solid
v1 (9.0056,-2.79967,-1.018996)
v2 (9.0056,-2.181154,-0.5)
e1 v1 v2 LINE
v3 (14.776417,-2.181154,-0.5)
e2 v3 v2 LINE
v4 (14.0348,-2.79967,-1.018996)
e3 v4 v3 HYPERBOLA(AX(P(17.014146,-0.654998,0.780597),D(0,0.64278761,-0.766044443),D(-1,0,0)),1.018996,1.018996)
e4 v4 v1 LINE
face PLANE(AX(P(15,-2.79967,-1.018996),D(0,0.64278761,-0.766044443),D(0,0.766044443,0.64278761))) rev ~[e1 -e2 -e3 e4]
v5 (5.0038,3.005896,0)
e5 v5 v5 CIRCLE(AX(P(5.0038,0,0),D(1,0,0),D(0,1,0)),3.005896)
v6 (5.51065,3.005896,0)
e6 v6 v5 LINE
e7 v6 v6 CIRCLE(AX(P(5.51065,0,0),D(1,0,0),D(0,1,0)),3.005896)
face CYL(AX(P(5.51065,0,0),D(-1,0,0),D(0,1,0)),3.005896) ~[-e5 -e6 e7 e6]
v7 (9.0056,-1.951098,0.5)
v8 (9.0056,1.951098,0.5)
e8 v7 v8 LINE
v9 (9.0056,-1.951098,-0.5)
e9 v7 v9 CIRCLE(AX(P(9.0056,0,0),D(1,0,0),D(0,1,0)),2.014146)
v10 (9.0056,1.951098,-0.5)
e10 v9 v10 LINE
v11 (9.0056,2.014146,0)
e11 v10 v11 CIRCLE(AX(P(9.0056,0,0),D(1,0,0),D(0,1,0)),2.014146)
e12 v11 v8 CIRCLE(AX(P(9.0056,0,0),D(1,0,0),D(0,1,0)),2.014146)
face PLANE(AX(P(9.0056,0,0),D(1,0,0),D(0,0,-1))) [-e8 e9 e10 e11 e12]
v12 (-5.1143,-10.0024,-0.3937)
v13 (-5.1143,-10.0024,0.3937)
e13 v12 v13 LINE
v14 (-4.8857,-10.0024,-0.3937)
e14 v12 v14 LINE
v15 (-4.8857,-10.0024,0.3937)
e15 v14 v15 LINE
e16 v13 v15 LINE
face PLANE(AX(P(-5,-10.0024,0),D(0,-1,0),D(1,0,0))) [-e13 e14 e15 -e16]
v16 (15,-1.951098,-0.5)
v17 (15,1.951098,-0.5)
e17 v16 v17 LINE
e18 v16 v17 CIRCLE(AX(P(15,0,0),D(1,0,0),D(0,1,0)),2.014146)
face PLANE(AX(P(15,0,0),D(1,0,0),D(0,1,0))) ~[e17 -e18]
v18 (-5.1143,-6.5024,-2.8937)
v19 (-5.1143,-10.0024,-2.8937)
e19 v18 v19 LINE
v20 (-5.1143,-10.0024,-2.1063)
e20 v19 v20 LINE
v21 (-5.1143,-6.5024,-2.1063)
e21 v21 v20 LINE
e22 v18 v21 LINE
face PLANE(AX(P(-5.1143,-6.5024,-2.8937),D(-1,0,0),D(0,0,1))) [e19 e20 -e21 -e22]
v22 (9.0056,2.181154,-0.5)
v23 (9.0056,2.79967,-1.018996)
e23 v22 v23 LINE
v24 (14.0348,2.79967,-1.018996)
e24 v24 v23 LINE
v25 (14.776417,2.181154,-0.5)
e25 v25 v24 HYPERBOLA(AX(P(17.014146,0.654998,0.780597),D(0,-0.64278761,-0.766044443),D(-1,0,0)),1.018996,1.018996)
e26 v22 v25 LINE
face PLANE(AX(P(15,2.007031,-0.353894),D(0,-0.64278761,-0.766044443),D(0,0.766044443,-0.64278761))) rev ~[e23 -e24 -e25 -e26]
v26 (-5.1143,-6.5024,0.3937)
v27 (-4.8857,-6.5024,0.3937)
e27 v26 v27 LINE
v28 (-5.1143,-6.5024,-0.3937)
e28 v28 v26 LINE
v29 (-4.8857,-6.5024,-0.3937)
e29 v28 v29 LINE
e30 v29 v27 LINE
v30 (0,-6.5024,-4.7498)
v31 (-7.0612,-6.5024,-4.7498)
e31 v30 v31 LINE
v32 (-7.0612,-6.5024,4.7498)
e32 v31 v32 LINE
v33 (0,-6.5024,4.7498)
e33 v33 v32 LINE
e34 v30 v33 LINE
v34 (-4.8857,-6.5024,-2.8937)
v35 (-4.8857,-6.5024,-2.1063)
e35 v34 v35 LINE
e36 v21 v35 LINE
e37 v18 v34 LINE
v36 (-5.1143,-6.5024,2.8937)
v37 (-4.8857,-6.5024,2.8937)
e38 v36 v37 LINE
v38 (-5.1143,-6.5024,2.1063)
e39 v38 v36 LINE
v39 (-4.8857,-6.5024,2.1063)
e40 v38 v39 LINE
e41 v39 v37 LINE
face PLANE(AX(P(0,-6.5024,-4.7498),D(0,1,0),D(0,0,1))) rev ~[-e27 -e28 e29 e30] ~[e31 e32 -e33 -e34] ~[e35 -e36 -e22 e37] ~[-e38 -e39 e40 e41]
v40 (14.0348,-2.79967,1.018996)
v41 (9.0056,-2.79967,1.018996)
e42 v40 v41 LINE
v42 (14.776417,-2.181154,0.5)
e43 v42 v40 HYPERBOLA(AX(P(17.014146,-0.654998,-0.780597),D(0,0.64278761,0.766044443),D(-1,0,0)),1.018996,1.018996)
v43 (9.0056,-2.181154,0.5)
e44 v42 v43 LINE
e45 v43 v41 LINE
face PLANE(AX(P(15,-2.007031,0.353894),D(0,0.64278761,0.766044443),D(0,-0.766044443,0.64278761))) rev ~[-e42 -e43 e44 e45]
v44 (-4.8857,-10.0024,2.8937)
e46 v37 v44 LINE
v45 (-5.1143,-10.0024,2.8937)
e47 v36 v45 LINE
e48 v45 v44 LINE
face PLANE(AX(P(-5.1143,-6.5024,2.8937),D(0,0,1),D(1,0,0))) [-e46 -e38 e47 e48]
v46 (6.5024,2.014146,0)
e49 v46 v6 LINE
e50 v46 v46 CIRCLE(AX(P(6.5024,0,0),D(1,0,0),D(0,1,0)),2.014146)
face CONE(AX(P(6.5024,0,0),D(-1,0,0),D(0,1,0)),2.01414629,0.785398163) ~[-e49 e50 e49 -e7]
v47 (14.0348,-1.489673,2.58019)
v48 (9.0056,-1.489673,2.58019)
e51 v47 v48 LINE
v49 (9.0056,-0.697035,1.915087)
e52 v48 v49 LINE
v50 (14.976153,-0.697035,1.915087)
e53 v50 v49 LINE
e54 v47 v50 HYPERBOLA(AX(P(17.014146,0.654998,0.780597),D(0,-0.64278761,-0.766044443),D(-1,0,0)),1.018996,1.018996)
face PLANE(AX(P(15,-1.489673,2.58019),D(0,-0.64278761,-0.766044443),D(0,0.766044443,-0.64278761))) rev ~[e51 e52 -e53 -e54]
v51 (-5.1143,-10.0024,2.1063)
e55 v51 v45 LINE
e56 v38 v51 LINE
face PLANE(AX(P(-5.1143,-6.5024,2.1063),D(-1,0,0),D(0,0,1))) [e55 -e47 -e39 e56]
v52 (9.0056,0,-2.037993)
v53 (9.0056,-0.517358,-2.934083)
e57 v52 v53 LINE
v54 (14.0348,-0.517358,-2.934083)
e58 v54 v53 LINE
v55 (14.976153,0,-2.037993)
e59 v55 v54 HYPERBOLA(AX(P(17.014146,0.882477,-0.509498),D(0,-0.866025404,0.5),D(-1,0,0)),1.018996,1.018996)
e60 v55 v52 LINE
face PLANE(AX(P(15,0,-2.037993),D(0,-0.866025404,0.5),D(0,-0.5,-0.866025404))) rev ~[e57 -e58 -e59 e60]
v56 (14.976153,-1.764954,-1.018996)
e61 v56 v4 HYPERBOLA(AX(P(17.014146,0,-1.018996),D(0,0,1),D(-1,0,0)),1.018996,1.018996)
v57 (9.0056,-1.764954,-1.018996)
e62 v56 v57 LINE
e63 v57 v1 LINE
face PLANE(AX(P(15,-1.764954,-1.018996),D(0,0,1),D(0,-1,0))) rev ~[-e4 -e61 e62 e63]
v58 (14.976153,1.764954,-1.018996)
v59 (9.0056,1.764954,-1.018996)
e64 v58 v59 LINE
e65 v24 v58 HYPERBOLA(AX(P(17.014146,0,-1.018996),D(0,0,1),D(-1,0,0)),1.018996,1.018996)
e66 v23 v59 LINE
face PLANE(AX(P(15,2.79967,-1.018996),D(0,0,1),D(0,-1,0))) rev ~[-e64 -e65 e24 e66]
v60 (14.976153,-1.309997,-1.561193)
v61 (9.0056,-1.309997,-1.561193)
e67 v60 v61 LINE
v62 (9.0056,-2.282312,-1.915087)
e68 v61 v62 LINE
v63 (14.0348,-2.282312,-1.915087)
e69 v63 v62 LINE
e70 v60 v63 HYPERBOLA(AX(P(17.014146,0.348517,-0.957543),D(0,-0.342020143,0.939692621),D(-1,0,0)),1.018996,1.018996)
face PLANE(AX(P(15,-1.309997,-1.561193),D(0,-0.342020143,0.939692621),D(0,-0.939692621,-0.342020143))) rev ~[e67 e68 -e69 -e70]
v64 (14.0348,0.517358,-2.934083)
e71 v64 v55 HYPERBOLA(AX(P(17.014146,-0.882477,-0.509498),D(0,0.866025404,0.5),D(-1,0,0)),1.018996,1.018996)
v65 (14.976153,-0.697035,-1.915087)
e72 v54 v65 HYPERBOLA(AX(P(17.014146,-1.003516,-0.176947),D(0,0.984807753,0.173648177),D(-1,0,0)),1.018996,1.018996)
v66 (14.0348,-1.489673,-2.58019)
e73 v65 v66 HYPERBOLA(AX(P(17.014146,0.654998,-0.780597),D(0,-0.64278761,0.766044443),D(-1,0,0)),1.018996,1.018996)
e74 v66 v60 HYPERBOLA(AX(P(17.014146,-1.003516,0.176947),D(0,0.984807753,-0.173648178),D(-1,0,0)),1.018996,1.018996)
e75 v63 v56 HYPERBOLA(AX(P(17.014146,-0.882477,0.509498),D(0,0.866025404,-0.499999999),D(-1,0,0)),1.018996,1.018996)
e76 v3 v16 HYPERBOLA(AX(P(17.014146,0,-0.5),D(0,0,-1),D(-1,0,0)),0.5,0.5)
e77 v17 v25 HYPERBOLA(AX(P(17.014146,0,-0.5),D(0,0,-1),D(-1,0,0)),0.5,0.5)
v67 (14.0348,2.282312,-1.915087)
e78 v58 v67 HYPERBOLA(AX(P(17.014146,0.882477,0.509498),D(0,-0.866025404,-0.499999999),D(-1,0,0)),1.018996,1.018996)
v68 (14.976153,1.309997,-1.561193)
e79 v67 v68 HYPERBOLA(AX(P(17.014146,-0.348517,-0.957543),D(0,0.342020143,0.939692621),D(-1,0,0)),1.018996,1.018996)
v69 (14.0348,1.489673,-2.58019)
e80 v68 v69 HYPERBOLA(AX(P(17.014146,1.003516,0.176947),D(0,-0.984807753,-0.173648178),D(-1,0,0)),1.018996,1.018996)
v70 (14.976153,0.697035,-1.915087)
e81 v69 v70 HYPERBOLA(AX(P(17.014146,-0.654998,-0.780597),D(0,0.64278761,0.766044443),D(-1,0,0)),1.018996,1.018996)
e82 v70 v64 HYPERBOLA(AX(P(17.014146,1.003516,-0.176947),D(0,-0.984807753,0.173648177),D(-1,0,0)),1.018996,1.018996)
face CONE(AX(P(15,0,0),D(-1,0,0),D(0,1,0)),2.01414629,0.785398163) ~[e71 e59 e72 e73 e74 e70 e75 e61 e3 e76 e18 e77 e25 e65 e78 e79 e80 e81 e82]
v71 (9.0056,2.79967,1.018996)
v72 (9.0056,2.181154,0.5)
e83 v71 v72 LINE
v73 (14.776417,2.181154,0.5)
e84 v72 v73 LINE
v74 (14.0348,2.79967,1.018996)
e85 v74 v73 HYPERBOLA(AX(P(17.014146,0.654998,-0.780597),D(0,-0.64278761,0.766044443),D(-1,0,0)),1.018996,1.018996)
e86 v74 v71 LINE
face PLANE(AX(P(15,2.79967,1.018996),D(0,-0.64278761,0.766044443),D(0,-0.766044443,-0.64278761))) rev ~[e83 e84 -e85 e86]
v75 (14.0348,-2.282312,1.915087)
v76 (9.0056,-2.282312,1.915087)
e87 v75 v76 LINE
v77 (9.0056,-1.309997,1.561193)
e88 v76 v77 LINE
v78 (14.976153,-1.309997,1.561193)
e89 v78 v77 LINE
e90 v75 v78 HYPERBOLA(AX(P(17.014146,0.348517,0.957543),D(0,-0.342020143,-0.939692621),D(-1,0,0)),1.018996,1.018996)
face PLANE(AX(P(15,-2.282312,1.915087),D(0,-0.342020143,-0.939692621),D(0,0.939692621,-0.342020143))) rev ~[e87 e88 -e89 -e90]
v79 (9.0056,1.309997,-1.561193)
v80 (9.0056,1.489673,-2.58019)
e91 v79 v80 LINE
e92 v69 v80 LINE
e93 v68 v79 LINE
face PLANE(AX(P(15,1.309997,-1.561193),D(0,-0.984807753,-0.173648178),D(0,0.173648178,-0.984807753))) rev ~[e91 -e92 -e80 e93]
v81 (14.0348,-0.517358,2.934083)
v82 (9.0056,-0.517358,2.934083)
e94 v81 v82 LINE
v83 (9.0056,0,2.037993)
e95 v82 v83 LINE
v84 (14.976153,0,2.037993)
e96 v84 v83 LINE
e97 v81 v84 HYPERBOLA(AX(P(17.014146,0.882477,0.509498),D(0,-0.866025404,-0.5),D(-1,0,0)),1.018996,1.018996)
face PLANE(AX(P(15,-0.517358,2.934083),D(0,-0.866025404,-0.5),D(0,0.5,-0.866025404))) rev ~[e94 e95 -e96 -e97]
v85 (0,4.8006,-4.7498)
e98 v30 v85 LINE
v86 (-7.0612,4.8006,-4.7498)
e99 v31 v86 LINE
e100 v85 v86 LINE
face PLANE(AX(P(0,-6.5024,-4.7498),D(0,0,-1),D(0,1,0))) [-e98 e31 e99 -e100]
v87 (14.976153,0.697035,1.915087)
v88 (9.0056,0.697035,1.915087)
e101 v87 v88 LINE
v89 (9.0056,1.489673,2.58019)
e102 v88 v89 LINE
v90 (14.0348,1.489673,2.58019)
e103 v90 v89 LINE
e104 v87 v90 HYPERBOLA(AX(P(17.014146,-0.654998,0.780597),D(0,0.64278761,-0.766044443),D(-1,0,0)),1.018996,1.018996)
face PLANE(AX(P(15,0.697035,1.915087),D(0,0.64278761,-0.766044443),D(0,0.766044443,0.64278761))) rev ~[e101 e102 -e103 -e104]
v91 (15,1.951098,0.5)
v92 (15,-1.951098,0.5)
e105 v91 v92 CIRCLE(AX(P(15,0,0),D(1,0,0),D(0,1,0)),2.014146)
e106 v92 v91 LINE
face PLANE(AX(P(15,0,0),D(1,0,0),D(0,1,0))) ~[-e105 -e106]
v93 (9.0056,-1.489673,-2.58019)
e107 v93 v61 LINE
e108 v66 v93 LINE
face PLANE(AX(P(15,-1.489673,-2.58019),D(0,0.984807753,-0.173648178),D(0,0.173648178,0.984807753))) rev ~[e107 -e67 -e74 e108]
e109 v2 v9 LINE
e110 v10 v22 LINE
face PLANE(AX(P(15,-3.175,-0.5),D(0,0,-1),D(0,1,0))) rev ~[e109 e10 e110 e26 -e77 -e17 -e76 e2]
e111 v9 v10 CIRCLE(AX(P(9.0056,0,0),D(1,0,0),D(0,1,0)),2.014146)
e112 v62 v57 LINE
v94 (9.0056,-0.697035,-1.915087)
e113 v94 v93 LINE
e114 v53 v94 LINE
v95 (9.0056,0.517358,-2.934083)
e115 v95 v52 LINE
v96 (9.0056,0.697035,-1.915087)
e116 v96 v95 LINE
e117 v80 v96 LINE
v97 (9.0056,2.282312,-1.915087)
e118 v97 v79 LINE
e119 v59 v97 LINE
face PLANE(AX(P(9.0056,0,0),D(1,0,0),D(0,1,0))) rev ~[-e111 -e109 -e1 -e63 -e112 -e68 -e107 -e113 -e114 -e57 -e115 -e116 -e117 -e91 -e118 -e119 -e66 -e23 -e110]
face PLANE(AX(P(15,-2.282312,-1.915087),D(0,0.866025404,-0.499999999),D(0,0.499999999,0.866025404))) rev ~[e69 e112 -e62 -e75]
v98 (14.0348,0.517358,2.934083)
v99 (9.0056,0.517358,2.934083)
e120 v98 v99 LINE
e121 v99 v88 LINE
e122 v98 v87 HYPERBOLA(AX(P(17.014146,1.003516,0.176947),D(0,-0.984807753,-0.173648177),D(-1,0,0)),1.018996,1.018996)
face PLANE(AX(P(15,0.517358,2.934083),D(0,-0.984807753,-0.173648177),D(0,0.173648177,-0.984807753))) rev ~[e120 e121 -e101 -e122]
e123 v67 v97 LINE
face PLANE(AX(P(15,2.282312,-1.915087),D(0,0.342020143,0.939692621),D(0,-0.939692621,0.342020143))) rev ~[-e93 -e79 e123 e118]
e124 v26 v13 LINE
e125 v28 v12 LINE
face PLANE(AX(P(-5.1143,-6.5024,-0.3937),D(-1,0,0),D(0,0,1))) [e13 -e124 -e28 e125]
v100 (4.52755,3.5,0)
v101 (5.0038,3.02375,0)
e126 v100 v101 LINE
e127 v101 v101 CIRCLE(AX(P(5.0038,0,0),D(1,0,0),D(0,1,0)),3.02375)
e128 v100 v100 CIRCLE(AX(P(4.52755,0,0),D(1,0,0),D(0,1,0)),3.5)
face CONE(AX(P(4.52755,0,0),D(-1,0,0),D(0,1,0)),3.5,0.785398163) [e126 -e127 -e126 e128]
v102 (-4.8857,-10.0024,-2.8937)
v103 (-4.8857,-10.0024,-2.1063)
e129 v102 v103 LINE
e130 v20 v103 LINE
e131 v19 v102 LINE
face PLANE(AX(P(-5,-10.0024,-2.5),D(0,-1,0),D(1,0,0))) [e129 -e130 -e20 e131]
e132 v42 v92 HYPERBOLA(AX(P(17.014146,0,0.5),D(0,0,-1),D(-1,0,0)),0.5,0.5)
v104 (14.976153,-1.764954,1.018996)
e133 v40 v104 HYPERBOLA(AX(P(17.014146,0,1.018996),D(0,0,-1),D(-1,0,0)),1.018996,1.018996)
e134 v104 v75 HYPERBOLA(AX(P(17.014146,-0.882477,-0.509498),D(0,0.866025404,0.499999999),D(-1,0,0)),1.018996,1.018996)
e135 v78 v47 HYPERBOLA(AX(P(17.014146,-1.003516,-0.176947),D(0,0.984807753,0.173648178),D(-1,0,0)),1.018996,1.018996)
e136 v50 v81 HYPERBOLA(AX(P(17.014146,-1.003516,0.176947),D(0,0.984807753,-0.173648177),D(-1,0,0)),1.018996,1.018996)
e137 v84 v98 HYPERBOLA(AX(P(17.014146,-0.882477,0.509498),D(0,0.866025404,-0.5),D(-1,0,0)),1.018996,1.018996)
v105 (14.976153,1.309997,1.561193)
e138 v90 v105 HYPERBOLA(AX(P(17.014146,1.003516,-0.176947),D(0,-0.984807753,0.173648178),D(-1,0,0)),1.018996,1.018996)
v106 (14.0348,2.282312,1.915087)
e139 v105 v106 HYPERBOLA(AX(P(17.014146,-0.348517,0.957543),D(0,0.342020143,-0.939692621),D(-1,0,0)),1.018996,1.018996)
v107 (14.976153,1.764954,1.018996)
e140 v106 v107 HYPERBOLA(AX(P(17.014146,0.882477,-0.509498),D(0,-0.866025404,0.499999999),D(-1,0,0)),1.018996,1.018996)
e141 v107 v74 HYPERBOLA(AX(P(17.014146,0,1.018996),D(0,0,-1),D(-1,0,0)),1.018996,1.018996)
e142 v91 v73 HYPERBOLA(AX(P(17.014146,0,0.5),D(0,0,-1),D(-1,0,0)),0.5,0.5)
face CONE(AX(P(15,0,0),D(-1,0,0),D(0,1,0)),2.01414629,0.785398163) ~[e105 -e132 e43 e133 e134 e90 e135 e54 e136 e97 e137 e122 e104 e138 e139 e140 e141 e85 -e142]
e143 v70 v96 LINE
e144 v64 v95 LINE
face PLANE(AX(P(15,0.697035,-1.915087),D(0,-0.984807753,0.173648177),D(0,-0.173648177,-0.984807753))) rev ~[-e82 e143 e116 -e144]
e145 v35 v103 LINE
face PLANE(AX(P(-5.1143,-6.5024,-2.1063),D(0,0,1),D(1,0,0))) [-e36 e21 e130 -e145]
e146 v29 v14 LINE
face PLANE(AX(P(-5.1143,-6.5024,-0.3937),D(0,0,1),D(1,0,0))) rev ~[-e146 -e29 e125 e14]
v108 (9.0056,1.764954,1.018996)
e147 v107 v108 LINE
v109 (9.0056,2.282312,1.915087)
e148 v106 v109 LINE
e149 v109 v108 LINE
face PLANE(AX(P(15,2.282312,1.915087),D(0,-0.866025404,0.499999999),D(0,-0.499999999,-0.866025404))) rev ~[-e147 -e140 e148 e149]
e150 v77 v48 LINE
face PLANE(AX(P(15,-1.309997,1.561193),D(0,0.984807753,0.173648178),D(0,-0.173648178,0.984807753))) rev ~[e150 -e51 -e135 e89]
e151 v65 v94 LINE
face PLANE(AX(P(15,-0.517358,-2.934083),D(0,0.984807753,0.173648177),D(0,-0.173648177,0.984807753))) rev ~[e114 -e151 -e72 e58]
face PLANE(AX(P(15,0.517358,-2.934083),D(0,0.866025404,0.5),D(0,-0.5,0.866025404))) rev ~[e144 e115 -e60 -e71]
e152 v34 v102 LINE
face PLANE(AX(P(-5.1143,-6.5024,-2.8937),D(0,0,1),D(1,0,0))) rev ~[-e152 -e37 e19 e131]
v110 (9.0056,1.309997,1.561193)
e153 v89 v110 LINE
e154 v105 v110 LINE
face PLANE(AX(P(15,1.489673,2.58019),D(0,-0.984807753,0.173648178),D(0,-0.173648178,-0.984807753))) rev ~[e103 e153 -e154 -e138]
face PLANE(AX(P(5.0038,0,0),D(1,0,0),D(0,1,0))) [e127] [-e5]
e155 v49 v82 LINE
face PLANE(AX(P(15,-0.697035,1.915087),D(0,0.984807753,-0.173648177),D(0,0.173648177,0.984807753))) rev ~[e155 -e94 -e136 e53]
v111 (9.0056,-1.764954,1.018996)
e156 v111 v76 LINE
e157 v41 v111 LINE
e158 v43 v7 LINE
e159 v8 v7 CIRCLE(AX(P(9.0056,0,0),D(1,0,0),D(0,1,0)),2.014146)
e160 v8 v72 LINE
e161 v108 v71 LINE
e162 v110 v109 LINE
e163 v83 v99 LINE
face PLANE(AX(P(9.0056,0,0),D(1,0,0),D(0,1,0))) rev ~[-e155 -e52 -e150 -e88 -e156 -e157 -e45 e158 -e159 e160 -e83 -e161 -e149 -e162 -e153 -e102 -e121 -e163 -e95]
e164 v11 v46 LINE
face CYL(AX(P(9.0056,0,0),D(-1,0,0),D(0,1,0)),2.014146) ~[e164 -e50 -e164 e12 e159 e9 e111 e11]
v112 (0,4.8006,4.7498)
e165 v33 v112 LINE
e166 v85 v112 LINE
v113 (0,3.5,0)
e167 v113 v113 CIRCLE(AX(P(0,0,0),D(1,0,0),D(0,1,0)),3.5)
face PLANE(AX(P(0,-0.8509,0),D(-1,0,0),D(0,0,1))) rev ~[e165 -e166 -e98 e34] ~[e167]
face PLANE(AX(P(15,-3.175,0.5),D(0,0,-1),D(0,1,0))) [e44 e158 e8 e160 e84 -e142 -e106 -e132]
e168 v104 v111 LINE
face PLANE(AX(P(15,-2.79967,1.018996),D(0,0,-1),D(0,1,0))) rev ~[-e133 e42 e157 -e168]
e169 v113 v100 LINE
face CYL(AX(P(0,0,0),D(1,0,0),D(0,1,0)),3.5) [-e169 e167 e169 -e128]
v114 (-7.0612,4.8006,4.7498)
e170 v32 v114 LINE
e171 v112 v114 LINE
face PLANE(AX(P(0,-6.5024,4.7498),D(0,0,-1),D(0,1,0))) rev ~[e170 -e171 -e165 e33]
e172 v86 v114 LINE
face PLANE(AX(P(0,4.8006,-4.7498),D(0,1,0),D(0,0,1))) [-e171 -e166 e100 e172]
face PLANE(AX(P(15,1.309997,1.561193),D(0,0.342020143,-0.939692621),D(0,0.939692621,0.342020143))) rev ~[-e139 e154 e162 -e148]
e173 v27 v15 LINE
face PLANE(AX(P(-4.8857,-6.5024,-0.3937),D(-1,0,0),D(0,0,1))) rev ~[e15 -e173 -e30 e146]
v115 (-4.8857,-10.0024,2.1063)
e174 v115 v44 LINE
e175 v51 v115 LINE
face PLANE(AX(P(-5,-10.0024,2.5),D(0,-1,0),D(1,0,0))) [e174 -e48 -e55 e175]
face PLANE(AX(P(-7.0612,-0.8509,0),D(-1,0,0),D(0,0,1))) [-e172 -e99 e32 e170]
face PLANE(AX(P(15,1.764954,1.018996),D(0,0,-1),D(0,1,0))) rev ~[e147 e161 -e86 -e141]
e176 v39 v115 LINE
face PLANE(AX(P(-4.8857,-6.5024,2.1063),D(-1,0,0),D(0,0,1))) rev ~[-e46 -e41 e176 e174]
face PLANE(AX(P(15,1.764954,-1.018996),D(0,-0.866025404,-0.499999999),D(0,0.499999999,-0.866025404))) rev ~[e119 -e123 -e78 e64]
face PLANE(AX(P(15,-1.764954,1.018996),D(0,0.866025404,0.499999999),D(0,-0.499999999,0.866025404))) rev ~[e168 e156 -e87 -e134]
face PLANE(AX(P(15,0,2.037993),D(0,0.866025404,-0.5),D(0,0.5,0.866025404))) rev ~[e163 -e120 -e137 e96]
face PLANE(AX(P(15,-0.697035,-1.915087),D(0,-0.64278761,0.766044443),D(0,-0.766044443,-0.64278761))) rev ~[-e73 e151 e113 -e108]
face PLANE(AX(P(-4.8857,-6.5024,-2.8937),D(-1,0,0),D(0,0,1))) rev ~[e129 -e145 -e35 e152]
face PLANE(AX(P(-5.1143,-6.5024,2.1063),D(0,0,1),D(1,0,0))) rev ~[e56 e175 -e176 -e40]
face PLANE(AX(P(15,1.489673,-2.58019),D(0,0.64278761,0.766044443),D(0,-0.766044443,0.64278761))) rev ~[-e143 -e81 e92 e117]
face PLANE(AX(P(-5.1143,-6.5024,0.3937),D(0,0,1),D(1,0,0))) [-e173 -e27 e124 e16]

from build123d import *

# Parameters (mm, degrees)
SKETCH2_R                     = 3.811725635
F_18_TEETH_KNURLS_DEPTH       = 5.9944
SKETCH3_W                     = 1
SKETCH3_H                     = 6.35
CUT_EXTRUDE2_DEPTH            = 5.9944
SKETCH4_W                     = 9.4996
SKETCH4_H                     = 11.303
BODY_DEPTH                    = 7.0612
SKETCH6_W                     = 0.2286
SKETCH6_H                     = 0.7874
PINS_PTD901_ONE_SECTION_DEPTH = 3.5


with BuildPart() as part:
    # Sketch1 → Shaft Base (revolve)
    with BuildSketch(Plane.XY):
        Polygon((0, 3.5), (4.52755, 3.5), (5.0038, 3.02375), (5.0038, 0), (0, 0), align=None)
    revolve(axis=Axis((-1.517556918, 0, 0), (1, 0, 0)))

    # Sketch8 → K Style Shaft (revolve)
    with BuildSketch(Plane.XY):
        Polygon((5.0038, 3.00589629), (5.0038, 0), (15, 0), (15, 2.01414629), (14.0348, 2.97934629), (9.0056, 2.97934629), (9.0056, 2.01414629), (6.5024, 2.01414629), (5.51065, 3.00589629), align=None)
    revolve(axis=Axis((-8.258778459, 0, 0), (1, 0, 0)))

    # Sketch2 → 18 Teeth Knurls (cut)
    with BuildSketch(Plane(origin=(15, 0, 0), x_dir=(0, 0, -1), z_dir=(1, 0, 0))):
        Circle(SKETCH2_R)
        Polygon((0, 2.97934629), (0.353893751, 2.007031199), (1.018996445, 2.799669723), (1.018996445, 1.764953616), (1.91508688, 2.282311669), (1.561193129, 1.309996578), (2.580189574, 1.489673145), (1.91508688, 0.69703462), (2.934083325, 0.517358054), (2.03799289, 0), (2.934083325, -0.517358054), (1.91508688, -0.69703462), (2.580189574, -1.489673145), (1.561193129, -1.309996578), (1.91508688, -2.282311669), (1.018996445, -1.764953616), (1.018996445, -2.799669723), (0.353893751, -2.007031199), (0, -2.97934629), (-0.353893751, -2.007031199), (-1.018996445, -2.799669723), (-1.018996445, -1.764953616), (-1.91508688, -2.282311669), (-1.561193129, -1.309996578), (-2.580189574, -1.489673145), (-1.91508688, -0.69703462), (-2.934083325, -0.517358054), (-2.03799289, 0), (-2.934083325, 0.517358054), (-1.91508688, 0.69703462), (-2.580189574, 1.489673145), (-1.561193129, 1.309996578), (-1.91508688, 2.282311669), (-1.018996445, 1.764953616), (-1.018996445, 2.799669723), (-0.353893751, 2.007031199), align=None, mode=Mode.SUBTRACT)
    extrude(amount=-F_18_TEETH_KNURLS_DEPTH, mode=Mode.SUBTRACT)

    # Sketch3 → Cut-Extrude2 (cut)
    with BuildSketch(Plane(origin=(15, 0, 0), x_dir=(0, 0, -1), z_dir=(1, 0, 0))):
        Rectangle(SKETCH3_W, SKETCH3_H)
    extrude(amount=-CUT_EXTRUDE2_DEPTH, mode=Mode.SUBTRACT)

    # Sketch4 → Body (add)
    with BuildSketch(Plane.ZY):
        with Locations((0, -0.8509)):
            Rectangle(SKETCH4_W, SKETCH4_H)
    extrude(amount=BODY_DEPTH)

    # Sketch6 → Pins PTD901 (one section) (add)
    with BuildSketch(Plane.XZ.offset(6.5024)):
        with Locations((-5, -2.5)):
            Rectangle(SKETCH6_W, SKETCH6_H)
        with Locations((-5, 0)):
            Rectangle(SKETCH6_W, SKETCH6_H)
        with Locations((-5, 2.5)):
            Rectangle(SKETCH6_W, SKETCH6_H)
    extrude(amount=PINS_PTD901_ONE_SECTION_DEPTH)


solid = part.part
